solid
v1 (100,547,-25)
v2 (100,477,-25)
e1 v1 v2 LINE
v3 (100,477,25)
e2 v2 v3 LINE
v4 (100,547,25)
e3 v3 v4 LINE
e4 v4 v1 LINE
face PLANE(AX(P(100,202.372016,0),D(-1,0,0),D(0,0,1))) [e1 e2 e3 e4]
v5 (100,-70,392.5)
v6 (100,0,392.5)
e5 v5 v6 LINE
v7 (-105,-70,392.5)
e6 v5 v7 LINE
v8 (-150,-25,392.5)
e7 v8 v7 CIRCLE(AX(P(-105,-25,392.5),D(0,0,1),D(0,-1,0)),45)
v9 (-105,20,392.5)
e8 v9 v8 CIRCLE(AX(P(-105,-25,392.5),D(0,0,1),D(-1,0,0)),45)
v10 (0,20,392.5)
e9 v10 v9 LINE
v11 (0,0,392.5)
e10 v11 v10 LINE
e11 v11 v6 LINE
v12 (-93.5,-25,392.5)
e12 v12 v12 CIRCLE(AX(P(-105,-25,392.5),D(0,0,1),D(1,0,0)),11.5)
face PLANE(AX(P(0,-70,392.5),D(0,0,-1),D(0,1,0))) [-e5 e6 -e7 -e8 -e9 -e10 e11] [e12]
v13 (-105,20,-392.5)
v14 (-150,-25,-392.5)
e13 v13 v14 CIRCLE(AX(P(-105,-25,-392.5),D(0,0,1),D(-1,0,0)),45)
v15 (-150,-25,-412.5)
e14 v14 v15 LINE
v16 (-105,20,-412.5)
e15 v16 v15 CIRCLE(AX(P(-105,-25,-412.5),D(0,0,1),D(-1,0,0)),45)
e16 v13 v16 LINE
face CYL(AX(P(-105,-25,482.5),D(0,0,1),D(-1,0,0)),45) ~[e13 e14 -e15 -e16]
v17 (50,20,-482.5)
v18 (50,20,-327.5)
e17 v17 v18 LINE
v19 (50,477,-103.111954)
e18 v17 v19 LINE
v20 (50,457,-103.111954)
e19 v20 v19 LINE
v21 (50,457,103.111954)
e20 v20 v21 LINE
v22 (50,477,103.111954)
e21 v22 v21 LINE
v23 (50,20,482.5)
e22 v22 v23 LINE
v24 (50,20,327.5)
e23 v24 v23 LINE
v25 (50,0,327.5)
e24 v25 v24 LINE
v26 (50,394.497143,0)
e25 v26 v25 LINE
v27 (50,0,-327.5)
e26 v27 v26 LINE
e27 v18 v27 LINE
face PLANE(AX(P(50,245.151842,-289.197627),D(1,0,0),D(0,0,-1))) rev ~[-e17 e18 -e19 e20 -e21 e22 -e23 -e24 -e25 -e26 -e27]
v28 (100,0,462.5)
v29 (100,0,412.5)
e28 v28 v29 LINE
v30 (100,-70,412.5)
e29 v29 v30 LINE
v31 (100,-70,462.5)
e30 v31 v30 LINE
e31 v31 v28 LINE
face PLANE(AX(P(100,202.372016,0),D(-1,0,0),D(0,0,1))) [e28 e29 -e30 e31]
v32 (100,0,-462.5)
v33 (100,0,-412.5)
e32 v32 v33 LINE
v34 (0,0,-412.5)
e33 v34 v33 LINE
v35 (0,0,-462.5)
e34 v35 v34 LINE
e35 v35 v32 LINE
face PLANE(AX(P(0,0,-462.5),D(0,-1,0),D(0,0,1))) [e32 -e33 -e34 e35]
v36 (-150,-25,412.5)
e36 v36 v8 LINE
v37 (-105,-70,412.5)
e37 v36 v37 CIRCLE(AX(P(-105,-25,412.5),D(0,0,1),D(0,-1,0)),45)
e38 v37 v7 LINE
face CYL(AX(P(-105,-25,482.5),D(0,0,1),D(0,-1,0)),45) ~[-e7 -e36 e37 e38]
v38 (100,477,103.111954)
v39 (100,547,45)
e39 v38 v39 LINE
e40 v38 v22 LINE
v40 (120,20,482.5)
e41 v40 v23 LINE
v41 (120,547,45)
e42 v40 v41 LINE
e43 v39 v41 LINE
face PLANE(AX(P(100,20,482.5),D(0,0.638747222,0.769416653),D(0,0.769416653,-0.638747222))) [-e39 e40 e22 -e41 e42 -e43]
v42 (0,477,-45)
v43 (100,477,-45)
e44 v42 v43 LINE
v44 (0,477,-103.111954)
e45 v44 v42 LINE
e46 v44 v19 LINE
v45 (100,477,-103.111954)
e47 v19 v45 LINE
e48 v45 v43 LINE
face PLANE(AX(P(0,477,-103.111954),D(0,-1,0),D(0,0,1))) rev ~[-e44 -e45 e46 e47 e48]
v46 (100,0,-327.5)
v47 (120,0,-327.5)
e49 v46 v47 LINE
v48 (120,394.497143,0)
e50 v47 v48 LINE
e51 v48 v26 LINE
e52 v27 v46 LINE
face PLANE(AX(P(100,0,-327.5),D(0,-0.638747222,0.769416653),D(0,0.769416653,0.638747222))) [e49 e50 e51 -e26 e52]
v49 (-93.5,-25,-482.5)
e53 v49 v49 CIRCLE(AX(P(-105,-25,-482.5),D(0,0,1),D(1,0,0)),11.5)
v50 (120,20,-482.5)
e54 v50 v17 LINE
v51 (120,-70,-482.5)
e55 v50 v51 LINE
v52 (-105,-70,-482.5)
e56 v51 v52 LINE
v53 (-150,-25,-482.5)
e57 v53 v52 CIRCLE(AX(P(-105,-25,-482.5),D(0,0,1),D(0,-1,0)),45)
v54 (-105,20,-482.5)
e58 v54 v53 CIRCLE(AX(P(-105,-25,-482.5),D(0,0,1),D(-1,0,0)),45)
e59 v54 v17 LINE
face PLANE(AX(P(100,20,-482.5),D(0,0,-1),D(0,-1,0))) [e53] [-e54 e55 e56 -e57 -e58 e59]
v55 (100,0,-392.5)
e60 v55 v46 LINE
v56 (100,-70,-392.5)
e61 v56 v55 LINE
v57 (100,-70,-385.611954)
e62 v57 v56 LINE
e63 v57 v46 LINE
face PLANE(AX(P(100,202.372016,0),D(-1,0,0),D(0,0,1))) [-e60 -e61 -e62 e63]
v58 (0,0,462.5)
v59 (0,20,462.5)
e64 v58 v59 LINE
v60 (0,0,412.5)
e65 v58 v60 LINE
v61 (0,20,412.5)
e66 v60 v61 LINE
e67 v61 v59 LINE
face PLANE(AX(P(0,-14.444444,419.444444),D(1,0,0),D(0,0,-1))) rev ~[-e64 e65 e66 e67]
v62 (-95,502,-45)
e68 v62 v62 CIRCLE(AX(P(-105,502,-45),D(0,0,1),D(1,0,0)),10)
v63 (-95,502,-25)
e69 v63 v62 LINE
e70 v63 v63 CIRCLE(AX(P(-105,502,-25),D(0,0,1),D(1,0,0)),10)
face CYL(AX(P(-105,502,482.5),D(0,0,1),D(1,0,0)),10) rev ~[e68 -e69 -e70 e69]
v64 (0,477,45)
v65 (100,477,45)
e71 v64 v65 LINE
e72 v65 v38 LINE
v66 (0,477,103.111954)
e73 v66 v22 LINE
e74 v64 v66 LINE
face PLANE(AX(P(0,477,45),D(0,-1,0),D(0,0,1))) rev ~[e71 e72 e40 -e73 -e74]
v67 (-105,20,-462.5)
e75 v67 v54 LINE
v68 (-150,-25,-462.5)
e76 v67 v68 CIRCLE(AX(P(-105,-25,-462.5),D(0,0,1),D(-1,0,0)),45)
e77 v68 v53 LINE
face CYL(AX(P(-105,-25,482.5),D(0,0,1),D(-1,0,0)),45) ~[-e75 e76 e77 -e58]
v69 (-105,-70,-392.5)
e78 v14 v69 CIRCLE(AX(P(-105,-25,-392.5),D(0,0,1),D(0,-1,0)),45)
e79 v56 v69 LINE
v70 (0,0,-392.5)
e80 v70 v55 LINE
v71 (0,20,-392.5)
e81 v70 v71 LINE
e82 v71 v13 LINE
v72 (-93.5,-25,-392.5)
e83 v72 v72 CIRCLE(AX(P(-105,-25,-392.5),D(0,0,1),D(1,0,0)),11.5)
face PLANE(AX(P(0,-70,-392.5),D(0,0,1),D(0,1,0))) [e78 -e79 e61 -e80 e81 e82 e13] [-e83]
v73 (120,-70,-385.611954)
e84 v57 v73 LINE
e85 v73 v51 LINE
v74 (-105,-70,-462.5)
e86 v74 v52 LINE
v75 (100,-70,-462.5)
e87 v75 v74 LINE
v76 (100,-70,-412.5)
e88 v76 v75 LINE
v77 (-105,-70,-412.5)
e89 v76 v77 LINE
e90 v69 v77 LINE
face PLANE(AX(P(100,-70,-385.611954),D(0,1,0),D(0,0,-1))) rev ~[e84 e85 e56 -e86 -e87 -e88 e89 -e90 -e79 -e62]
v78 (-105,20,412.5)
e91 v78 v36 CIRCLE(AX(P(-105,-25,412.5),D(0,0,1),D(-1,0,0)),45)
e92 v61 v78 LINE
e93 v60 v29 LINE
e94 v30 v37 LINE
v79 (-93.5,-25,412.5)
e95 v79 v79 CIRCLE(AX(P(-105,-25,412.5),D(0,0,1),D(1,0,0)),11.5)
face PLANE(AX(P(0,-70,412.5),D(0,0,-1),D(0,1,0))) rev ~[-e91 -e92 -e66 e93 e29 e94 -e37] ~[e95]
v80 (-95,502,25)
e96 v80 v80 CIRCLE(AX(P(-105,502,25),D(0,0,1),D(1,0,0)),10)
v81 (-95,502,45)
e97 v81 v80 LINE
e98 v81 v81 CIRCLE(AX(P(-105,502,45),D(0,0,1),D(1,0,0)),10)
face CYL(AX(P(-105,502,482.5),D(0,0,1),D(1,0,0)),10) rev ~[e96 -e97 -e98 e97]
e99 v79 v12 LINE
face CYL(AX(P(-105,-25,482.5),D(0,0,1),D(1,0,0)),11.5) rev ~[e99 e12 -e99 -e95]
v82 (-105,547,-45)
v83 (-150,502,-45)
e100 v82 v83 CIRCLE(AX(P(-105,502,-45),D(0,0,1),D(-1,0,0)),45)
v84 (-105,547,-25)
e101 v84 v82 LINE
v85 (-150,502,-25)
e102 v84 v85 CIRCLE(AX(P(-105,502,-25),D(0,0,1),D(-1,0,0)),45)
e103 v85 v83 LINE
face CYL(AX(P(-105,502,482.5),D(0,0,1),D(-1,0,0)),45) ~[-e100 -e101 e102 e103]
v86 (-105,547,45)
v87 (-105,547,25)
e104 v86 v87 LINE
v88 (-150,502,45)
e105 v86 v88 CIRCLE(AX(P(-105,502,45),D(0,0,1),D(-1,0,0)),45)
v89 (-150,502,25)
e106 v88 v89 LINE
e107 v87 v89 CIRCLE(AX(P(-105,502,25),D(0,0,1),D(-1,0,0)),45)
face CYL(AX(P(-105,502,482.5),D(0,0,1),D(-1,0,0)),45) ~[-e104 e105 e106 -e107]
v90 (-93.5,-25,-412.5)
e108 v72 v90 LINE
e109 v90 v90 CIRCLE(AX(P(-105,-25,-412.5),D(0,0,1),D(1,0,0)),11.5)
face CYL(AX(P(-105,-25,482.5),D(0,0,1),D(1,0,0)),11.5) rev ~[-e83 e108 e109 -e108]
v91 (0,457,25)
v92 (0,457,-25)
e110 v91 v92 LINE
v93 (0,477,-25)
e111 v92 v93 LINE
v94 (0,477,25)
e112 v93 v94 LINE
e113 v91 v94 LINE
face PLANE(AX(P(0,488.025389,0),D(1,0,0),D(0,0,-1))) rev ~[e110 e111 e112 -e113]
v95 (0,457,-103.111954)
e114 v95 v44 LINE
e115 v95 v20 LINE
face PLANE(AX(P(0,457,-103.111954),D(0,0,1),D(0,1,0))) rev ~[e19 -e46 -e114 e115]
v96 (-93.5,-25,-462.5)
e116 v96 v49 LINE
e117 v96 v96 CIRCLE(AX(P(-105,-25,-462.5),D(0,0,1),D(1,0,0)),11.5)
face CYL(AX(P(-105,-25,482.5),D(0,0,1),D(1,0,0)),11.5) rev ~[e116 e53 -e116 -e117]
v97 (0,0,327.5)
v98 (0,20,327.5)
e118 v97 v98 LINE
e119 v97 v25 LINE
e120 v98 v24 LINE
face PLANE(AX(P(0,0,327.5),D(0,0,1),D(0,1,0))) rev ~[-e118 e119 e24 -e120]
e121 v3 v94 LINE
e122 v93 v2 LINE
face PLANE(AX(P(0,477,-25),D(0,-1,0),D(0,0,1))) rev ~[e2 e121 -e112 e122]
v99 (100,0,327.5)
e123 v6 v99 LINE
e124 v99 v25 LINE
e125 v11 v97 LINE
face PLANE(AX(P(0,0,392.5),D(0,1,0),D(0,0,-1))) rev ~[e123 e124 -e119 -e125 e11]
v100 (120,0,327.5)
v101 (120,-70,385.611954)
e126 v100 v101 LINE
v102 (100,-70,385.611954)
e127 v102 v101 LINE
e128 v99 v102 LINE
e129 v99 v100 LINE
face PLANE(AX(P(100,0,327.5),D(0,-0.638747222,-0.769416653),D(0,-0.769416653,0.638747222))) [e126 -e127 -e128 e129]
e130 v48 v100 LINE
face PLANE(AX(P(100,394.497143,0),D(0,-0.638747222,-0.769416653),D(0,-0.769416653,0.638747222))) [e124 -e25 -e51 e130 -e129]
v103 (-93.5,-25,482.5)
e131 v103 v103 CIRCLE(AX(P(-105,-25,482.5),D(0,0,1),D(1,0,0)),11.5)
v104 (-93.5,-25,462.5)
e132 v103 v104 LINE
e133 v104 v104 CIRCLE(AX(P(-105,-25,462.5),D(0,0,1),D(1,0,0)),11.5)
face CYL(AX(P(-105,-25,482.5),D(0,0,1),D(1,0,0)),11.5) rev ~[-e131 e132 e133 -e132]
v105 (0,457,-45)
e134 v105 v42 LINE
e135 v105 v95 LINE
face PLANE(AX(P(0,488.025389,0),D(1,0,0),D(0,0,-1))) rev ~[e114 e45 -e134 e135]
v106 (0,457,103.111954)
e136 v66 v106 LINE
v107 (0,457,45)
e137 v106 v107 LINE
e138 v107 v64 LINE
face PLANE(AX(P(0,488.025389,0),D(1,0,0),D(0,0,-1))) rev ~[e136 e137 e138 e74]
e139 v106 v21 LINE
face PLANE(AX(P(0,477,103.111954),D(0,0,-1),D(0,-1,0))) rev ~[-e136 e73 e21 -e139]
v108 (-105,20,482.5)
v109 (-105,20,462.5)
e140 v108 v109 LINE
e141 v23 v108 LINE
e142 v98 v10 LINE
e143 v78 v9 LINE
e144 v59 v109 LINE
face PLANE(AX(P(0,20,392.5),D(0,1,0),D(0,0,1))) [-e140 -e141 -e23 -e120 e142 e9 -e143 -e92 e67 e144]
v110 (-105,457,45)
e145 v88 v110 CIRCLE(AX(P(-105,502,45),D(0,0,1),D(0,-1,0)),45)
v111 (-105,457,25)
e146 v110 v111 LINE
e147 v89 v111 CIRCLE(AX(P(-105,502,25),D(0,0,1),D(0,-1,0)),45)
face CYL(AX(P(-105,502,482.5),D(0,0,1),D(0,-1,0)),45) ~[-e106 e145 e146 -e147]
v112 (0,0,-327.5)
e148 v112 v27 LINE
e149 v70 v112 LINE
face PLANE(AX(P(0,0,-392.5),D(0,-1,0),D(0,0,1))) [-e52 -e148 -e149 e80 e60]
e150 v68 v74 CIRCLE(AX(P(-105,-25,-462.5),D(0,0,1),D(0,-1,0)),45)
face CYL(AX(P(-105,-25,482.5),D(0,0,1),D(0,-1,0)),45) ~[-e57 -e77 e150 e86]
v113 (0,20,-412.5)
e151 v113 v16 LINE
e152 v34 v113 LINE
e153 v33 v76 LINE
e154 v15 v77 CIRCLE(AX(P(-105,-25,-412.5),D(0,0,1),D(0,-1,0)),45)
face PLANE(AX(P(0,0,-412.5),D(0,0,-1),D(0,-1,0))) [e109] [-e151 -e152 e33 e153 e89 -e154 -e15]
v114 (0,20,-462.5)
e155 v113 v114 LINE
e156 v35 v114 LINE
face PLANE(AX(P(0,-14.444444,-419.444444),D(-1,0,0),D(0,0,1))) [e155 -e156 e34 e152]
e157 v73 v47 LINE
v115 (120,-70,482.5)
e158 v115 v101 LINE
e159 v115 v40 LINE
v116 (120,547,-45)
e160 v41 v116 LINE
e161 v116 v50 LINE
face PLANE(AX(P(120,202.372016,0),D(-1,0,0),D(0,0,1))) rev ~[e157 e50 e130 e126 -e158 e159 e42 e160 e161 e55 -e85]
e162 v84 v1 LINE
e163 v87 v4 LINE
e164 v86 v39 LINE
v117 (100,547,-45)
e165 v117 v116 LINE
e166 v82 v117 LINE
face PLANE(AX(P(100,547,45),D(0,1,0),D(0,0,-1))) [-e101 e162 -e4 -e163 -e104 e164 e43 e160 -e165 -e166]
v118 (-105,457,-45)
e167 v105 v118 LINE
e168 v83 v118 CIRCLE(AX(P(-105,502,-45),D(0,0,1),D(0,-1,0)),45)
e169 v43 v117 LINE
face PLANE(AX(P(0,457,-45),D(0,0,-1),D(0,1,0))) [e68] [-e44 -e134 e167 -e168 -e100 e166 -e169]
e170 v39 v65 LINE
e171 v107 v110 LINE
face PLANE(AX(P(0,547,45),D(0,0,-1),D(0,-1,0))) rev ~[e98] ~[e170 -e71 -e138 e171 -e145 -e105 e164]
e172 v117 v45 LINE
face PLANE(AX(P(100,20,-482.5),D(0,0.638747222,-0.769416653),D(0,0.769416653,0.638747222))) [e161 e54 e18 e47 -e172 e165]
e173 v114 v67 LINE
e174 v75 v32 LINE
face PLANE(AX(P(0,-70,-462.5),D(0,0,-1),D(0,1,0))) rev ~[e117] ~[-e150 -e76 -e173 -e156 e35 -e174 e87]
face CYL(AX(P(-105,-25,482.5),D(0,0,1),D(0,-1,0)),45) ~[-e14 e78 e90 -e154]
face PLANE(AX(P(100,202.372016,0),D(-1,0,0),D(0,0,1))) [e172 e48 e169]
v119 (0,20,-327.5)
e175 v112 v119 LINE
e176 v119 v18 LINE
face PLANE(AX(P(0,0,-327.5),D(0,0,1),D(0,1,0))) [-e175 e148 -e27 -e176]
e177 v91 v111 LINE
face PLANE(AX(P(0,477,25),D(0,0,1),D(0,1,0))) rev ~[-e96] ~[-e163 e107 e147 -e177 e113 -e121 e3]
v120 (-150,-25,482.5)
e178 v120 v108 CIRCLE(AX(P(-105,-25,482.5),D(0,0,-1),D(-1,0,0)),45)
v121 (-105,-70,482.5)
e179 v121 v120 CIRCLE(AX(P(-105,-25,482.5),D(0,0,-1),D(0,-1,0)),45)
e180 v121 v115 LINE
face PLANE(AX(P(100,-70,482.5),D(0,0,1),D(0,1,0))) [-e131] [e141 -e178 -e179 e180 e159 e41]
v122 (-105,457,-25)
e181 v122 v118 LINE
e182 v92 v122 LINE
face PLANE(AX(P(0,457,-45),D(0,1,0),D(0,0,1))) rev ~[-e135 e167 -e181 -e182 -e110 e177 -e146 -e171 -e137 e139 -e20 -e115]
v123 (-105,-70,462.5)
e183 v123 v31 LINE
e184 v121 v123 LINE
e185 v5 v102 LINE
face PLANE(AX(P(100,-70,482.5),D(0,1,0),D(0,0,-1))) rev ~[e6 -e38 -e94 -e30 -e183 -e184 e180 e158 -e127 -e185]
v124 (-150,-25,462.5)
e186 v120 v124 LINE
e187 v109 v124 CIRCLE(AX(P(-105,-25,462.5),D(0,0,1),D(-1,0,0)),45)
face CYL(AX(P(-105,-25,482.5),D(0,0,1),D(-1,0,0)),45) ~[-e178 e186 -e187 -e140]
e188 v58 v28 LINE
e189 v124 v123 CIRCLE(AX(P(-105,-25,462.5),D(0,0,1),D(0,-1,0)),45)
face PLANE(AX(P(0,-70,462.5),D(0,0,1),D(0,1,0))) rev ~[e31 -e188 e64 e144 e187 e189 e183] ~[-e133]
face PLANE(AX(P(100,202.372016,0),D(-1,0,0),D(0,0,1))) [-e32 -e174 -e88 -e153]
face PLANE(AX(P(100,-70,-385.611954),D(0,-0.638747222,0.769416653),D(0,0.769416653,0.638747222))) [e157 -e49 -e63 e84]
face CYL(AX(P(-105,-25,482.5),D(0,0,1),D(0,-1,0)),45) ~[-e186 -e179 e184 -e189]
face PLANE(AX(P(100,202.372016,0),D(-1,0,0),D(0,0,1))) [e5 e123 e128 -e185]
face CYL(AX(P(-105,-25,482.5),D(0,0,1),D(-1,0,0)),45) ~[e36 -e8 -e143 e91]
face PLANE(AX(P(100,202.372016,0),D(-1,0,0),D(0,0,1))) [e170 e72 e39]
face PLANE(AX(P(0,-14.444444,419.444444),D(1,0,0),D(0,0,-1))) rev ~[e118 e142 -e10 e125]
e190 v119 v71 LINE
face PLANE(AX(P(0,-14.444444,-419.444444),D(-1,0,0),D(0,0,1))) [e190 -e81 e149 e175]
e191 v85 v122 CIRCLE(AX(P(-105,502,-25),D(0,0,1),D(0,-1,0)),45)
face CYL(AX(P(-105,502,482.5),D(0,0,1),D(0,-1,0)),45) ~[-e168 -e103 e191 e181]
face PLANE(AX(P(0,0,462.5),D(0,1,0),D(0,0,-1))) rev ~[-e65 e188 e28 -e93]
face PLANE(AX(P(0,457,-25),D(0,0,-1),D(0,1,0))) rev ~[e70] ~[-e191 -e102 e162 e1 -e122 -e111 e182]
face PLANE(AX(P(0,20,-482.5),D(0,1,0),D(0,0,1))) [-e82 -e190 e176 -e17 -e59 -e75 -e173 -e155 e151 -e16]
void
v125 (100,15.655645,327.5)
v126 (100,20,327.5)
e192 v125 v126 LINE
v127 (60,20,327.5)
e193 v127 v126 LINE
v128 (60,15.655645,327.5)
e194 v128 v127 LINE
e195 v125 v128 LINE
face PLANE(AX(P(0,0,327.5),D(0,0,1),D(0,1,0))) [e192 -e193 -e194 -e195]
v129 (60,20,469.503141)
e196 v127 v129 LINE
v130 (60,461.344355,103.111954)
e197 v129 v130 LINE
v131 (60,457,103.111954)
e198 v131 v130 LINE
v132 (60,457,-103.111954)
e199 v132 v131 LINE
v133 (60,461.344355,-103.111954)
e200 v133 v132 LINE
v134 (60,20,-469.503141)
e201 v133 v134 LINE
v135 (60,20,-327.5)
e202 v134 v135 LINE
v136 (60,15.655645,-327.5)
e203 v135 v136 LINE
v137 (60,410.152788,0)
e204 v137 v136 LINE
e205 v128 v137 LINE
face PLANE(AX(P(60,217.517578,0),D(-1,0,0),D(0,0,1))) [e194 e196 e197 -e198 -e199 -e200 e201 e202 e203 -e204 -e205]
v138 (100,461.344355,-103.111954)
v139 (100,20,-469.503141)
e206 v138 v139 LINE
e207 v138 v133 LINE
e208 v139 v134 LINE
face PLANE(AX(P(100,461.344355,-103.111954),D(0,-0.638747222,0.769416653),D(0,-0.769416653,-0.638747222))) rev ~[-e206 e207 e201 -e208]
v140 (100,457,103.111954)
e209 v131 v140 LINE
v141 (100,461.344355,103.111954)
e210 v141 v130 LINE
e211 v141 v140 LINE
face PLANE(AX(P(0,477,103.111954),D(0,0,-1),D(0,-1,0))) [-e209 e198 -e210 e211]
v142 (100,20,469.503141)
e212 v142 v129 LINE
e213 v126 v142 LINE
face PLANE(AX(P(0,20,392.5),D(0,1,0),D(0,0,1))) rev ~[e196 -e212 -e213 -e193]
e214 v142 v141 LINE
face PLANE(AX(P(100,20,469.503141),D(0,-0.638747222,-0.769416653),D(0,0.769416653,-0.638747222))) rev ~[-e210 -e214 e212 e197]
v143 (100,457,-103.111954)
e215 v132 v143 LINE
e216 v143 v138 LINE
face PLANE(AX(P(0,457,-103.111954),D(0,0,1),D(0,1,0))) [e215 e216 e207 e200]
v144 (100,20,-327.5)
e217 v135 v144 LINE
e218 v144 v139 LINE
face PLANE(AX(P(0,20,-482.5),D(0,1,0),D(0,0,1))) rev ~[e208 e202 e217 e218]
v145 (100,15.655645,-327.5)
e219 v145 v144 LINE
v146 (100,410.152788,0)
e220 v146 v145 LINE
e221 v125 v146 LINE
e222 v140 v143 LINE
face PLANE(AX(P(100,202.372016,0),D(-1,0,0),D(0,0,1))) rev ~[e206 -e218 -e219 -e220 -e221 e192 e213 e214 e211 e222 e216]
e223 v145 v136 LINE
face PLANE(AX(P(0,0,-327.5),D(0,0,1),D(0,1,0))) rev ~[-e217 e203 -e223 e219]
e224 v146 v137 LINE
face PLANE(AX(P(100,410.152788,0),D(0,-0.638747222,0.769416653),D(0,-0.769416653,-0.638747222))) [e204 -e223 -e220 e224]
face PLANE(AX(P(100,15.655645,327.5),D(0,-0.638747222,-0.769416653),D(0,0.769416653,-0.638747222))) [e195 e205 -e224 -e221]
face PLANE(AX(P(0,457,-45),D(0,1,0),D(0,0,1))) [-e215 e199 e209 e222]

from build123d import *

# Parameters (mm, degrees)
BOSS_EXTRUDE1_DEPTH     = 100
BOSS_EXTRUDE1_2_DEPTH   = 100
BOSS_EXTRUDE1_3_DEPTH   = 100
SKETCH2_W               = 20
SKETCH2_H               = 90
BOSS_EXTRUDE2_DEPTH     = 150
BOSS_EXTRUDE3_DEPTH     = 20
SKETCH4_R               = 11.5
SKETCH4_R_2             = 10
CUT_EXTRUDE2_DEPTH      = 1
CUT_EXTRUDE2_DEPTH_BACK = 966
BOSS_EXTRUDE4_DEPTH     = 50
BOSS_EXTRUDE5_DEPTH     = 10


with BuildPart() as part:
    # Sketch1 → Boss-Extrude1 (new body)
    with BuildSketch(Plane(origin=(0, 0, 0), x_dir=(0, 0, -1), z_dir=(1, 0, 0))):
        Polygon((-462.5, 0), (-412.5, 0), (-412.5, -70), (-392.5, -70), (-392.5, 0), (-327.5, 0), (-327.5, 20), (-482.5, 20), (-482.5, -70), (-462.5, -70), align=None)
    extrude(amount=BOSS_EXTRUDE1_DEPTH)



with BuildPart() as body_2:
    # Sketch1 → Boss-Extrude1 2 (new body)
    with BuildSketch(Plane(origin=(0, 0, 0), x_dir=(0, 0, -1), z_dir=(1, 0, 0))):
        Polygon((25, 477), (-25, 477), (-25, 547), (-45, 547), (-45, 477), (-103.111954459, 477), (-103.111954459, 457), (103.111954459, 457), (103.111954459, 477), (45, 477), (45, 547), (25, 547), align=None)
    extrude(amount=BOSS_EXTRUDE1_2_DEPTH)


with BuildPart() as body_3:
    # Sketch1 → Boss-Extrude1 3 (new body)
    with BuildSketch(Plane(origin=(0, 0, 0), x_dir=(0, 0, -1), z_dir=(1, 0, 0))):
        Polygon((392.5, 0), (327.5, 0), (327.5, 20), (482.5, 20), (482.5, -70), (462.5, -70), (462.5, 0), (412.5, 0), (412.5, -70), (392.5, -70), align=None)
    extrude(amount=BOSS_EXTRUDE1_3_DEPTH)


with BuildPart() as part_1:
    add(part.part)

    add(body_2.part)  # Boss-Extrude2 merges body 2

    add(body_3.part)  # Boss-Extrude2 merges body 3
    # Sketch2 → Boss-Extrude2 (add)
    with BuildSketch(Plane.ZY):
        with Locations((-472.5, -25)):
            Rectangle(SKETCH2_W, SKETCH2_H)
        with Locations((-402.5, -25)):
            Rectangle(SKETCH2_W, SKETCH2_H)
        with Locations((-35, 502)):
            Rectangle(SKETCH2_W, SKETCH2_H)
        with Locations((35, 502)):
            Rectangle(SKETCH2_W, SKETCH2_H)
        with Locations((402.5, -25)):
            Rectangle(SKETCH2_W, SKETCH2_H)
        with Locations((472.5, -25)):
            Rectangle(SKETCH2_W, SKETCH2_H)
    extrude(amount=BOSS_EXTRUDE2_DEPTH)

    # Sketch3 → Boss-Extrude3 (add)
    with BuildSketch(Plane(origin=(100, 0, 0), x_dir=(0, 0, -1), z_dir=(1, 0, 0))):
        Polygon((-482.5, -70), (-482.5, 20), (-45, 547), (45, 547), (482.5, 20), (482.5, -70), (392.5, -70), (385.611954459, -70), (327.5, 0), (0, 394.497142857), (-327.5, 0), (-385.611954459, -70), (-392.5, -70), align=None)
    extrude(amount=BOSS_EXTRUDE3_DEPTH)

    # Sketch4 → Cut-Extrude2 (cut, two sides)
    with BuildSketch(Plane.XY.offset(482.5)) as cut_extrude2_sk:
        with BuildLine():
            ThreePointArc((-150, -25), (-136.819805153, 6.819805153), (-105, 20))
            Line((-105, 20), (-150, 20))
            Line((-150, 20), (-150, -25))
        make_face()
        with Locations((-105, -25)):
            Circle(SKETCH4_R)
        with BuildLine():
            ThreePointArc((-105, -70), (-136.819805153, -56.819805153), (-150, -25))
            Line((-150, -25), (-150, -70))
            Line((-150, -70), (-105, -70))
        make_face()
        with Locations((-105, 502)):
            Circle(SKETCH4_R_2)
        with BuildLine():
            Line((-150, 547), (-150, 502))
            ThreePointArc((-150, 502), (-136.819805153, 533.819805153), (-105, 547))
            Line((-105, 547), (-150, 547))
        make_face()
        with BuildLine():
            Line((-150, 457), (-105, 457))
            ThreePointArc((-105, 457), (-136.819805153, 470.180194847), (-150, 502))
            Line((-150, 502), (-150, 457))
        make_face()
    extrude(amount=CUT_EXTRUDE2_DEPTH, mode=Mode.SUBTRACT)
    extrude(cut_extrude2_sk.sketch, amount=-CUT_EXTRUDE2_DEPTH_BACK, mode=Mode.SUBTRACT)

    # Sketch5 → Boss-Extrude4 (add)
    with BuildSketch(Plane.ZY.offset(-100)):
        Polygon((-482.5, 20), (-103.111954459, 477), (-103.111954459, 461.344354608), (-469.503140685, 20), align=None)
        Polygon((-327.5, 0), (0, 394.497142857), (327.5, 0), (327.5, 15.655645392), (0, 410.15278825), (-327.5, 15.655645392), align=None)
        Polygon((482.5, 20), (469.503140685, 20), (103.111954459, 461.344354608), (103.111954459, 477), align=None)
    extrude(amount=BOSS_EXTRUDE4_DEPTH)

    # Sketch8 → Boss-Extrude5 (add)
    with BuildSketch(Plane.ZY.offset(-50)):
        Polygon((-482.5, 20), (-327.5, 20), (-327.5, 0), (0, 394.497142857), (327.5, 0), (327.5, 20), (482.5, 20), (103.111954459, 477), (-103.111954459, 477), align=None)
    extrude(amount=-BOSS_EXTRUDE5_DEPTH)


solid = part_1.part
